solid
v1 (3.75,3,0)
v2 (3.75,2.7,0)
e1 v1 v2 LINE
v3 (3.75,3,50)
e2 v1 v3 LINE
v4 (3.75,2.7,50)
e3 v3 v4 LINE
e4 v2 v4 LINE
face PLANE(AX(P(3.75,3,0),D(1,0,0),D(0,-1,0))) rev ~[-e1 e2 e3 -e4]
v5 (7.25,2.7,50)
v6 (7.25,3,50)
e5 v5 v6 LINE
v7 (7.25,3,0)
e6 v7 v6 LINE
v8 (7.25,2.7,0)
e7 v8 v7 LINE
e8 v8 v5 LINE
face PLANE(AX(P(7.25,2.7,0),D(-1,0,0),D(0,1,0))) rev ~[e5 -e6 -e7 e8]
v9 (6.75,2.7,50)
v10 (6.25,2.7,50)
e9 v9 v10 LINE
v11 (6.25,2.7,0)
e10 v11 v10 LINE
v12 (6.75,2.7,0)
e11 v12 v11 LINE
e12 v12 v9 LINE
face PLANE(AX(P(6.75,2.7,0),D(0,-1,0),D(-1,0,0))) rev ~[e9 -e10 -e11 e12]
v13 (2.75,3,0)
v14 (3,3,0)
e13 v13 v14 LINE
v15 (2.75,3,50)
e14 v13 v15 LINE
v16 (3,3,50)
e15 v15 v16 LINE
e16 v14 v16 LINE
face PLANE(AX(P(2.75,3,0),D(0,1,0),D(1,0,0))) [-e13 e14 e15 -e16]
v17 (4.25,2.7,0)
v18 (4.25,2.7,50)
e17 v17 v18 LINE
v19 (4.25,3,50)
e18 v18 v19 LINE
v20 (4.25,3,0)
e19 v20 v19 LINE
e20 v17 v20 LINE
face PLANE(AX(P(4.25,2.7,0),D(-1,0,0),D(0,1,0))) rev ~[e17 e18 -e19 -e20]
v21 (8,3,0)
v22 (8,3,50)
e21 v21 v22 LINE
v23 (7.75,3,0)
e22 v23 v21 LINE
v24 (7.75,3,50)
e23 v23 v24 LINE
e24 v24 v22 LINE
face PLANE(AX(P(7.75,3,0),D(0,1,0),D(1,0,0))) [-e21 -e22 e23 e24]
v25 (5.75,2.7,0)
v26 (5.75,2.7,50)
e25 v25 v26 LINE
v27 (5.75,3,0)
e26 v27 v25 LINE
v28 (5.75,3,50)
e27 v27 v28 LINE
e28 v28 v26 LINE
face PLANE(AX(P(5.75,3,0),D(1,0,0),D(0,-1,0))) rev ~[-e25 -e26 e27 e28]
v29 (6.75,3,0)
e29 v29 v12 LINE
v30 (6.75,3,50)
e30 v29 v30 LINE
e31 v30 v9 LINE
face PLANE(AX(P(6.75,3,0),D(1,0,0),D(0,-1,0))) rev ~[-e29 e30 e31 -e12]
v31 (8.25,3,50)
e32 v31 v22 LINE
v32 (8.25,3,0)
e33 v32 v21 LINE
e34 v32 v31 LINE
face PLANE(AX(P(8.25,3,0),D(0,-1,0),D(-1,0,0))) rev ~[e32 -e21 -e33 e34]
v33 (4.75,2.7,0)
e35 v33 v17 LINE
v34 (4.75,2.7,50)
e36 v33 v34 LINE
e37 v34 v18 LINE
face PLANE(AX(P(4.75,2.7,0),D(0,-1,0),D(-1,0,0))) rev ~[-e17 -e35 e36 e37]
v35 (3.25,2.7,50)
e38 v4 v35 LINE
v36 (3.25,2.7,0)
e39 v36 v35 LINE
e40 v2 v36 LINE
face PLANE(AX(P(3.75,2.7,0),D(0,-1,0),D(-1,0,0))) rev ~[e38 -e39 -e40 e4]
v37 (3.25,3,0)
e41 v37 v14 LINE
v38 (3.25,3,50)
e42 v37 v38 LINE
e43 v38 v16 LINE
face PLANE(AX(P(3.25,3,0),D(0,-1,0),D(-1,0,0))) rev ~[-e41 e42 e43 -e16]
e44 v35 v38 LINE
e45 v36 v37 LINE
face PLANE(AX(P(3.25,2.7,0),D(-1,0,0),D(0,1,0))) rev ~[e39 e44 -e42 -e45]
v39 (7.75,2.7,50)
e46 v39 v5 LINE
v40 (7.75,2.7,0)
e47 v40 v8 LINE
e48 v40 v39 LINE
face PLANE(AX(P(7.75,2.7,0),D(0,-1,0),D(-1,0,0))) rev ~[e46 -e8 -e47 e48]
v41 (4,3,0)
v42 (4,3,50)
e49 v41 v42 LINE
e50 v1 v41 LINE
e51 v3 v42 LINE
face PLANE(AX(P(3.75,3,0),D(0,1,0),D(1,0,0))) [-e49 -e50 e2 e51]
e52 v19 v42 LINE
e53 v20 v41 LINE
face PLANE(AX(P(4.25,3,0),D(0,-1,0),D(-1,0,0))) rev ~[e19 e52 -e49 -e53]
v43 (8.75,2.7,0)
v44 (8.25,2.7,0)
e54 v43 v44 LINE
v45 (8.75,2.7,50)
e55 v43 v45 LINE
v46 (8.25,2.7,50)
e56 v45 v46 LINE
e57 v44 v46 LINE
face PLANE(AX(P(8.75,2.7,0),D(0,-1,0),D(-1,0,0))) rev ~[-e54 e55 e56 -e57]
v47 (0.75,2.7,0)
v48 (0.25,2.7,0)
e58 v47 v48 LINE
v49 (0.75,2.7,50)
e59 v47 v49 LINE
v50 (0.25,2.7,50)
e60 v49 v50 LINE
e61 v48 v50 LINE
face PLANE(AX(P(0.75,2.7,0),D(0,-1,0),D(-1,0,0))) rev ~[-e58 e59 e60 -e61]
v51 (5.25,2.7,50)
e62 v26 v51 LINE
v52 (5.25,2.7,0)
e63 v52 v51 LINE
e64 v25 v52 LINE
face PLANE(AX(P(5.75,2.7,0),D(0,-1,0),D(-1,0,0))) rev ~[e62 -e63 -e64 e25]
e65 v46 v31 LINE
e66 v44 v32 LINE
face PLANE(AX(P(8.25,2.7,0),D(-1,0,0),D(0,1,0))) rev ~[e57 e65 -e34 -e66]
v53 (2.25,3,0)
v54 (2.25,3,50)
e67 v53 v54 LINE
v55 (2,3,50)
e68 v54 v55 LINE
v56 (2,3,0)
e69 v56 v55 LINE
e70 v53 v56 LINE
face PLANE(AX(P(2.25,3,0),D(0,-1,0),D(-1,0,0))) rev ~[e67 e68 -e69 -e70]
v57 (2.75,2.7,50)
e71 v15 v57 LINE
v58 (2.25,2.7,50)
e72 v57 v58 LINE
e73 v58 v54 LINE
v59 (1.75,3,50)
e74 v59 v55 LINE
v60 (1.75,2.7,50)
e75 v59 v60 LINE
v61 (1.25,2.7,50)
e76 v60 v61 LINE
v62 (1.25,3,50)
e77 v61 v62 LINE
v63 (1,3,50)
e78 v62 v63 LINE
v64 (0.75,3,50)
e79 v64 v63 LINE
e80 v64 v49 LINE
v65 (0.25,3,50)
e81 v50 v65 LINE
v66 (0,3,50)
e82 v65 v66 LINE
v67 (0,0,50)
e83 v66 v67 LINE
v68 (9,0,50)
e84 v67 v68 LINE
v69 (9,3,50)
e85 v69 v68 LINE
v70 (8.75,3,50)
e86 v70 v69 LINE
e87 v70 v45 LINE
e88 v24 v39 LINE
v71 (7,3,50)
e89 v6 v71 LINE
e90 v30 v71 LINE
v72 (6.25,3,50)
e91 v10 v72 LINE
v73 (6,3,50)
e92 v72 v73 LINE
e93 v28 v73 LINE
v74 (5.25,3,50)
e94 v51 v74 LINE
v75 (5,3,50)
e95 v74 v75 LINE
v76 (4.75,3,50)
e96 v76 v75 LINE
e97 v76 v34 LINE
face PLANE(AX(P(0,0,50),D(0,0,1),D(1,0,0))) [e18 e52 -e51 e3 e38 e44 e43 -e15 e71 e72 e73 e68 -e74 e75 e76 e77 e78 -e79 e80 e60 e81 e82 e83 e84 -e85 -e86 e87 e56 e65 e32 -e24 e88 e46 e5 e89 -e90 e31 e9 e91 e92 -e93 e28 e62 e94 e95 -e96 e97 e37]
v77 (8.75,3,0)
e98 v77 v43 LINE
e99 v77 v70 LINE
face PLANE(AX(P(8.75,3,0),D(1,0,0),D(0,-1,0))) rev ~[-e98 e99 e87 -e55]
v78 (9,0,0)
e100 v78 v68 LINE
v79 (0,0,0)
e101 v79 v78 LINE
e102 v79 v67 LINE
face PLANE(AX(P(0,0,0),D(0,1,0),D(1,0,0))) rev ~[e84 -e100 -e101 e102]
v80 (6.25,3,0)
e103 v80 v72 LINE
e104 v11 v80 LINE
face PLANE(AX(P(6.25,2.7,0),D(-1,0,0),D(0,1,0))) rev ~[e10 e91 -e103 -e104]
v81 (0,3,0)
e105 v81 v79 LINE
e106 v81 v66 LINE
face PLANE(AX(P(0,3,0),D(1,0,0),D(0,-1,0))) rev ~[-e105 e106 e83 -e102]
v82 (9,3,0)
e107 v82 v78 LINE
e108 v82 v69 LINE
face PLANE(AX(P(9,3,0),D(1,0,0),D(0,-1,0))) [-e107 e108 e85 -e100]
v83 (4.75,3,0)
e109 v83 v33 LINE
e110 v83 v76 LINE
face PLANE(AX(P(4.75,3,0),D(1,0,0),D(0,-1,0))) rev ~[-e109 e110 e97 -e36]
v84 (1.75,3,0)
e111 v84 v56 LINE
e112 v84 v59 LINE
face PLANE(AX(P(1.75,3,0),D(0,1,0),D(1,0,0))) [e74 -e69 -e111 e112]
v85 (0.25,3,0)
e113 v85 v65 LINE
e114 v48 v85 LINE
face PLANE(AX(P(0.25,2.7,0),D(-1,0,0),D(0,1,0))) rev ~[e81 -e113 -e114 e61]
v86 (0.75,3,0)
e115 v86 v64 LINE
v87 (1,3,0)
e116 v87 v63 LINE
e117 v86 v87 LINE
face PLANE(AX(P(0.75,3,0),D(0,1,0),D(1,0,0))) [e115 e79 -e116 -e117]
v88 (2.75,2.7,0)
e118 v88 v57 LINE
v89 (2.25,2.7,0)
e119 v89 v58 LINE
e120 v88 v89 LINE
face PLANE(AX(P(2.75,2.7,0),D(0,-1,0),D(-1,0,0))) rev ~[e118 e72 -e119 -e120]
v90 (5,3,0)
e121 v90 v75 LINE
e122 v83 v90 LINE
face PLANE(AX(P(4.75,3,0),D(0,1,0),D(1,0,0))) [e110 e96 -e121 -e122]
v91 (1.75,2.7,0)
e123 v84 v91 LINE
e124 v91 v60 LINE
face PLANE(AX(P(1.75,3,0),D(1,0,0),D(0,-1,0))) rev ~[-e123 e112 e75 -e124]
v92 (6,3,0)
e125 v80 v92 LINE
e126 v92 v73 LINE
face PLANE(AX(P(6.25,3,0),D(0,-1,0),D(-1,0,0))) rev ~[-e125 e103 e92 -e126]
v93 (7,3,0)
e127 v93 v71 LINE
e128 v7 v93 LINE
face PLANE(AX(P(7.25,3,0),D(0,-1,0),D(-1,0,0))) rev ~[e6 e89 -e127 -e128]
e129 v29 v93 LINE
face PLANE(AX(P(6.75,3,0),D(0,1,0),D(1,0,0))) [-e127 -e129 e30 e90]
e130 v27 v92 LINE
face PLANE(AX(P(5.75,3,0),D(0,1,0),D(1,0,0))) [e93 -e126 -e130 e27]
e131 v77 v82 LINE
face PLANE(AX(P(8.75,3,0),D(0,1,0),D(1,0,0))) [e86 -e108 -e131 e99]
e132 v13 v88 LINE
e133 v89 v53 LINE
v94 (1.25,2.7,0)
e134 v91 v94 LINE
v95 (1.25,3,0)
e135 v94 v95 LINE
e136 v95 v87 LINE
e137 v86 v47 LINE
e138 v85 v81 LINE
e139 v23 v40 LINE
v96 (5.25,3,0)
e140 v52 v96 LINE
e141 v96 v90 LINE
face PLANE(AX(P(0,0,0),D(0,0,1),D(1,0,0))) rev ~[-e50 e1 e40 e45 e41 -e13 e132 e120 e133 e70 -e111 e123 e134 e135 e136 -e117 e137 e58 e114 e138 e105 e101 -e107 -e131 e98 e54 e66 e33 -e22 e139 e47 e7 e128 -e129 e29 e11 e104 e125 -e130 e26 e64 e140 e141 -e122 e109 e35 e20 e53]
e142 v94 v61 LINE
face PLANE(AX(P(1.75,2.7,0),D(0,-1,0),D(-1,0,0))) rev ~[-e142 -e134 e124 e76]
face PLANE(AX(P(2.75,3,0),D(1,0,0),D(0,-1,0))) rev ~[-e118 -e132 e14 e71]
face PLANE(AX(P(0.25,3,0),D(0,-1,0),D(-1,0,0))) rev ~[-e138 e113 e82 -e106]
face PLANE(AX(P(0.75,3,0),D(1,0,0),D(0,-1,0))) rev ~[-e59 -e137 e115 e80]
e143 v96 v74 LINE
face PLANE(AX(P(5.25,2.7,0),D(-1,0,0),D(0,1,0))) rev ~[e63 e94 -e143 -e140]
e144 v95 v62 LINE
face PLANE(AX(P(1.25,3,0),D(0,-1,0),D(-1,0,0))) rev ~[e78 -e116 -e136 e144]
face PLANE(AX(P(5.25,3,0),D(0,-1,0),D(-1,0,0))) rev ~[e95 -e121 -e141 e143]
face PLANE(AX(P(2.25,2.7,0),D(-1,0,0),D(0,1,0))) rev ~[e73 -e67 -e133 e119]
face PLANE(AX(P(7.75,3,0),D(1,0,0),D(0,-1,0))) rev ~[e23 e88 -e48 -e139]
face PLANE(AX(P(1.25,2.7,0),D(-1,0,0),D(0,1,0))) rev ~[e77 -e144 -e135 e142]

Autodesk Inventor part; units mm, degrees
ref_plane "YZ Plane" through (0, 0, 0) normal (1, 0, 0) x (0, 1, 0)
ref_plane "XZ Plane" through (0, 0, 0) normal (0, 1, 0) x (-1, 0, 0)
ref_plane "XY Plane" through (0, 0, 0) normal (0, 0, 1) x (1, 0, 0)
sketch "Sketch1" plane through (0, 0, 0) normal (0, 0, 1) x (1, 0, 0)
  line L0 (0, 0) -> (9, 0)
  line L1 (0.25, 3) -> (0, 3)
  line L2 (0.75, 3) -> (0.75, 2.7)
  line L3 (0.75, 2.7) -> (0.25, 2.7)
  line L4 (0.25, 2.7) -> (0.25, 3)
  line L5 (0.75, 3) -> (1, 3)
  line L6 (1.25, 3) -> (1, 3)
  line L7 (1.75, 3) -> (1.75, 2.7)
  line L8 (1.75, 2.7) -> (1.25, 2.7)
  line L9 (1.25, 2.7) -> (1.25, 3)
  line L10 (1.75, 3) -> (2, 3)
  line L11 (2.25, 3) -> (2, 3)
  line L12 (2.75, 3) -> (2.75, 2.7)
  line L13 (2.75, 2.7) -> (2.25, 2.7)
  line L14 (2.25, 2.7) -> (2.25, 3)
  line L15 (2.75, 3) -> (3, 3)
  line L16 (3.25, 3) -> (3, 3)
  line L17 (3.75, 3) -> (3.75, 2.7)
  line L18 (3.75, 2.7) -> (3.25, 2.7)
  line L19 (3.25, 2.7) -> (3.25, 3)
  line L20 (3.75, 3) -> (4, 3)
  line L21 (4.25, 3) -> (4, 3)
  line L22 (4.75, 3) -> (4.75, 2.7)
  line L23 (4.75, 2.7) -> (4.25, 2.7)
  line L24 (4.25, 2.7) -> (4.25, 3)
  line L25 (4.75, 3) -> (5, 3)
  line L26 (5.25, 3) -> (5, 3)
  line L27 (5.75, 3) -> (5.75, 2.7)
  line L28 (5.75, 2.7) -> (5.25, 2.7)
  line L29 (5.25, 2.7) -> (5.25, 3)
  line L30 (5.75, 3) -> (6, 3)
  line L31 (6.25, 3) -> (6, 3)
  line L32 (6.75, 3) -> (6.75, 2.7)
  line L33 (6.75, 2.7) -> (6.25, 2.7)
  line L34 (6.25, 2.7) -> (6.25, 3)
  line L35 (6.75, 3) -> (7, 3)
  line L36 (7.25, 3) -> (7, 3)
  line L37 (7.75, 3) -> (7.75, 2.7)
  line L38 (7.75, 2.7) -> (7.25, 2.7)
  line L39 (7.25, 2.7) -> (7.25, 3)
  line L40 (7.75, 3) -> (8, 3)
  line L41 (8.25, 3) -> (8, 3)
  line L42 (8.75, 3) -> (8.75, 2.7)
  line L43 (8.75, 2.7) -> (8.25, 2.7)
  line L44 (8.25, 2.7) -> (8.25, 3)
  line L45 (8.75, 3) -> (9, 3)
  line L46 (0, 3) -> (0, 0)
  line L47 (9, 3) -> (9, 0)
  dimension "d6" = 0.25
  dimension "d7" = 0.3
  dimension "d8" = 0.25
  dimension "d9" = 0.5
  dimension "d15" = 1
sketch "Sketch2" plane through (0, 0, 0) normal (0, 0, 1) x (1, 0, 0)
  line L0 (0, 0) -> (9, 0) projected
  line L1 (9, 3) -> (9, 0) projected
  line L2 (8.75, 3) -> (9, 3) projected
  line L3 (8.75, 3) -> (8.75, 2.7) projected
  line L4 (8.75, 2.7) -> (8.25, 2.7) projected
  line L5 (8.25, 2.7) -> (8.25, 3) projected
  line L6 (8.25, 3) -> (8, 3) projected
  line L7 (7.75, 3) -> (8, 3) projected
  line L8 (7.75, 3) -> (7.75, 2.7) projected
  line L9 (7.75, 2.7) -> (7.25, 2.7) projected
  line L10 (7.25, 2.7) -> (7.25, 3) projected
  line L11 (7.25, 3) -> (7, 3) projected
  line L12 (6.75, 3) -> (7, 3) projected
  line L13 (6.75, 3) -> (6.75, 2.7) projected
  line L14 (6.75, 2.7) -> (6.25, 2.7) projected
  line L15 (6.25, 2.7) -> (6.25, 3) projected
  line L16 (6.25, 3) -> (6, 3) projected
  line L17 (5.75, 3) -> (6, 3) projected
  line L18 (5.75, 3) -> (5.75, 2.7) projected
  line L19 (5.75, 2.7) -> (5.25, 2.7) projected
  line L20 (5.25, 2.7) -> (5.25, 3) projected
  line L21 (5.25, 3) -> (5, 3) projected
  line L22 (4.75, 3) -> (5, 3) projected
  line L23 (4.75, 3) -> (4.75, 2.7) projected
  line L24 (4.75, 2.7) -> (4.25, 2.7) projected
  line L25 (4.25, 2.7) -> (4.25, 3) projected
  line L26 (4.25, 3) -> (4, 3) projected
  line L27 (3.75, 3) -> (4, 3) projected
  line L28 (3.75, 3) -> (3.75, 2.7) projected
  line L29 (3.75, 2.7) -> (3.25, 2.7) projected
  line L30 (3.25, 2.7) -> (3.25, 3) projected
  line L31 (3.25, 3) -> (3, 3) projected
  line L32 (2.75, 3) -> (3, 3) projected
  line L33 (2.75, 3) -> (2.75, 2.7) projected
  line L34 (2.75, 2.7) -> (2.25, 2.7) projected
  line L35 (2.25, 2.7) -> (2.25, 3) projected
  line L36 (2.25, 3) -> (2, 3) projected
  line L37 (1.75, 3) -> (2, 3) projected
  line L38 (1.75, 3) -> (1.75, 2.7) projected
  line L39 (1.75, 2.7) -> (1.25, 2.7) projected
  line L40 (1.25, 2.7) -> (1.25, 3) projected
  line L41 (1.25, 3) -> (1, 3) projected
  line L42 (0.75, 3) -> (1, 3) projected
  line L43 (0.75, 3) -> (0.75, 2.7) projected
  line L44 (0.75, 2.7) -> (0.25, 2.7) projected
  line L45 (0.25, 2.7) -> (0.25, 3) projected
  line L46 (0.25, 3) -> (0, 3) projected
  line L47 (0, 3) -> (0, 0) projected
extrude "Extrusion1" add sketch "Sketch2" along normal blind 50
properties part number "ruber2"
